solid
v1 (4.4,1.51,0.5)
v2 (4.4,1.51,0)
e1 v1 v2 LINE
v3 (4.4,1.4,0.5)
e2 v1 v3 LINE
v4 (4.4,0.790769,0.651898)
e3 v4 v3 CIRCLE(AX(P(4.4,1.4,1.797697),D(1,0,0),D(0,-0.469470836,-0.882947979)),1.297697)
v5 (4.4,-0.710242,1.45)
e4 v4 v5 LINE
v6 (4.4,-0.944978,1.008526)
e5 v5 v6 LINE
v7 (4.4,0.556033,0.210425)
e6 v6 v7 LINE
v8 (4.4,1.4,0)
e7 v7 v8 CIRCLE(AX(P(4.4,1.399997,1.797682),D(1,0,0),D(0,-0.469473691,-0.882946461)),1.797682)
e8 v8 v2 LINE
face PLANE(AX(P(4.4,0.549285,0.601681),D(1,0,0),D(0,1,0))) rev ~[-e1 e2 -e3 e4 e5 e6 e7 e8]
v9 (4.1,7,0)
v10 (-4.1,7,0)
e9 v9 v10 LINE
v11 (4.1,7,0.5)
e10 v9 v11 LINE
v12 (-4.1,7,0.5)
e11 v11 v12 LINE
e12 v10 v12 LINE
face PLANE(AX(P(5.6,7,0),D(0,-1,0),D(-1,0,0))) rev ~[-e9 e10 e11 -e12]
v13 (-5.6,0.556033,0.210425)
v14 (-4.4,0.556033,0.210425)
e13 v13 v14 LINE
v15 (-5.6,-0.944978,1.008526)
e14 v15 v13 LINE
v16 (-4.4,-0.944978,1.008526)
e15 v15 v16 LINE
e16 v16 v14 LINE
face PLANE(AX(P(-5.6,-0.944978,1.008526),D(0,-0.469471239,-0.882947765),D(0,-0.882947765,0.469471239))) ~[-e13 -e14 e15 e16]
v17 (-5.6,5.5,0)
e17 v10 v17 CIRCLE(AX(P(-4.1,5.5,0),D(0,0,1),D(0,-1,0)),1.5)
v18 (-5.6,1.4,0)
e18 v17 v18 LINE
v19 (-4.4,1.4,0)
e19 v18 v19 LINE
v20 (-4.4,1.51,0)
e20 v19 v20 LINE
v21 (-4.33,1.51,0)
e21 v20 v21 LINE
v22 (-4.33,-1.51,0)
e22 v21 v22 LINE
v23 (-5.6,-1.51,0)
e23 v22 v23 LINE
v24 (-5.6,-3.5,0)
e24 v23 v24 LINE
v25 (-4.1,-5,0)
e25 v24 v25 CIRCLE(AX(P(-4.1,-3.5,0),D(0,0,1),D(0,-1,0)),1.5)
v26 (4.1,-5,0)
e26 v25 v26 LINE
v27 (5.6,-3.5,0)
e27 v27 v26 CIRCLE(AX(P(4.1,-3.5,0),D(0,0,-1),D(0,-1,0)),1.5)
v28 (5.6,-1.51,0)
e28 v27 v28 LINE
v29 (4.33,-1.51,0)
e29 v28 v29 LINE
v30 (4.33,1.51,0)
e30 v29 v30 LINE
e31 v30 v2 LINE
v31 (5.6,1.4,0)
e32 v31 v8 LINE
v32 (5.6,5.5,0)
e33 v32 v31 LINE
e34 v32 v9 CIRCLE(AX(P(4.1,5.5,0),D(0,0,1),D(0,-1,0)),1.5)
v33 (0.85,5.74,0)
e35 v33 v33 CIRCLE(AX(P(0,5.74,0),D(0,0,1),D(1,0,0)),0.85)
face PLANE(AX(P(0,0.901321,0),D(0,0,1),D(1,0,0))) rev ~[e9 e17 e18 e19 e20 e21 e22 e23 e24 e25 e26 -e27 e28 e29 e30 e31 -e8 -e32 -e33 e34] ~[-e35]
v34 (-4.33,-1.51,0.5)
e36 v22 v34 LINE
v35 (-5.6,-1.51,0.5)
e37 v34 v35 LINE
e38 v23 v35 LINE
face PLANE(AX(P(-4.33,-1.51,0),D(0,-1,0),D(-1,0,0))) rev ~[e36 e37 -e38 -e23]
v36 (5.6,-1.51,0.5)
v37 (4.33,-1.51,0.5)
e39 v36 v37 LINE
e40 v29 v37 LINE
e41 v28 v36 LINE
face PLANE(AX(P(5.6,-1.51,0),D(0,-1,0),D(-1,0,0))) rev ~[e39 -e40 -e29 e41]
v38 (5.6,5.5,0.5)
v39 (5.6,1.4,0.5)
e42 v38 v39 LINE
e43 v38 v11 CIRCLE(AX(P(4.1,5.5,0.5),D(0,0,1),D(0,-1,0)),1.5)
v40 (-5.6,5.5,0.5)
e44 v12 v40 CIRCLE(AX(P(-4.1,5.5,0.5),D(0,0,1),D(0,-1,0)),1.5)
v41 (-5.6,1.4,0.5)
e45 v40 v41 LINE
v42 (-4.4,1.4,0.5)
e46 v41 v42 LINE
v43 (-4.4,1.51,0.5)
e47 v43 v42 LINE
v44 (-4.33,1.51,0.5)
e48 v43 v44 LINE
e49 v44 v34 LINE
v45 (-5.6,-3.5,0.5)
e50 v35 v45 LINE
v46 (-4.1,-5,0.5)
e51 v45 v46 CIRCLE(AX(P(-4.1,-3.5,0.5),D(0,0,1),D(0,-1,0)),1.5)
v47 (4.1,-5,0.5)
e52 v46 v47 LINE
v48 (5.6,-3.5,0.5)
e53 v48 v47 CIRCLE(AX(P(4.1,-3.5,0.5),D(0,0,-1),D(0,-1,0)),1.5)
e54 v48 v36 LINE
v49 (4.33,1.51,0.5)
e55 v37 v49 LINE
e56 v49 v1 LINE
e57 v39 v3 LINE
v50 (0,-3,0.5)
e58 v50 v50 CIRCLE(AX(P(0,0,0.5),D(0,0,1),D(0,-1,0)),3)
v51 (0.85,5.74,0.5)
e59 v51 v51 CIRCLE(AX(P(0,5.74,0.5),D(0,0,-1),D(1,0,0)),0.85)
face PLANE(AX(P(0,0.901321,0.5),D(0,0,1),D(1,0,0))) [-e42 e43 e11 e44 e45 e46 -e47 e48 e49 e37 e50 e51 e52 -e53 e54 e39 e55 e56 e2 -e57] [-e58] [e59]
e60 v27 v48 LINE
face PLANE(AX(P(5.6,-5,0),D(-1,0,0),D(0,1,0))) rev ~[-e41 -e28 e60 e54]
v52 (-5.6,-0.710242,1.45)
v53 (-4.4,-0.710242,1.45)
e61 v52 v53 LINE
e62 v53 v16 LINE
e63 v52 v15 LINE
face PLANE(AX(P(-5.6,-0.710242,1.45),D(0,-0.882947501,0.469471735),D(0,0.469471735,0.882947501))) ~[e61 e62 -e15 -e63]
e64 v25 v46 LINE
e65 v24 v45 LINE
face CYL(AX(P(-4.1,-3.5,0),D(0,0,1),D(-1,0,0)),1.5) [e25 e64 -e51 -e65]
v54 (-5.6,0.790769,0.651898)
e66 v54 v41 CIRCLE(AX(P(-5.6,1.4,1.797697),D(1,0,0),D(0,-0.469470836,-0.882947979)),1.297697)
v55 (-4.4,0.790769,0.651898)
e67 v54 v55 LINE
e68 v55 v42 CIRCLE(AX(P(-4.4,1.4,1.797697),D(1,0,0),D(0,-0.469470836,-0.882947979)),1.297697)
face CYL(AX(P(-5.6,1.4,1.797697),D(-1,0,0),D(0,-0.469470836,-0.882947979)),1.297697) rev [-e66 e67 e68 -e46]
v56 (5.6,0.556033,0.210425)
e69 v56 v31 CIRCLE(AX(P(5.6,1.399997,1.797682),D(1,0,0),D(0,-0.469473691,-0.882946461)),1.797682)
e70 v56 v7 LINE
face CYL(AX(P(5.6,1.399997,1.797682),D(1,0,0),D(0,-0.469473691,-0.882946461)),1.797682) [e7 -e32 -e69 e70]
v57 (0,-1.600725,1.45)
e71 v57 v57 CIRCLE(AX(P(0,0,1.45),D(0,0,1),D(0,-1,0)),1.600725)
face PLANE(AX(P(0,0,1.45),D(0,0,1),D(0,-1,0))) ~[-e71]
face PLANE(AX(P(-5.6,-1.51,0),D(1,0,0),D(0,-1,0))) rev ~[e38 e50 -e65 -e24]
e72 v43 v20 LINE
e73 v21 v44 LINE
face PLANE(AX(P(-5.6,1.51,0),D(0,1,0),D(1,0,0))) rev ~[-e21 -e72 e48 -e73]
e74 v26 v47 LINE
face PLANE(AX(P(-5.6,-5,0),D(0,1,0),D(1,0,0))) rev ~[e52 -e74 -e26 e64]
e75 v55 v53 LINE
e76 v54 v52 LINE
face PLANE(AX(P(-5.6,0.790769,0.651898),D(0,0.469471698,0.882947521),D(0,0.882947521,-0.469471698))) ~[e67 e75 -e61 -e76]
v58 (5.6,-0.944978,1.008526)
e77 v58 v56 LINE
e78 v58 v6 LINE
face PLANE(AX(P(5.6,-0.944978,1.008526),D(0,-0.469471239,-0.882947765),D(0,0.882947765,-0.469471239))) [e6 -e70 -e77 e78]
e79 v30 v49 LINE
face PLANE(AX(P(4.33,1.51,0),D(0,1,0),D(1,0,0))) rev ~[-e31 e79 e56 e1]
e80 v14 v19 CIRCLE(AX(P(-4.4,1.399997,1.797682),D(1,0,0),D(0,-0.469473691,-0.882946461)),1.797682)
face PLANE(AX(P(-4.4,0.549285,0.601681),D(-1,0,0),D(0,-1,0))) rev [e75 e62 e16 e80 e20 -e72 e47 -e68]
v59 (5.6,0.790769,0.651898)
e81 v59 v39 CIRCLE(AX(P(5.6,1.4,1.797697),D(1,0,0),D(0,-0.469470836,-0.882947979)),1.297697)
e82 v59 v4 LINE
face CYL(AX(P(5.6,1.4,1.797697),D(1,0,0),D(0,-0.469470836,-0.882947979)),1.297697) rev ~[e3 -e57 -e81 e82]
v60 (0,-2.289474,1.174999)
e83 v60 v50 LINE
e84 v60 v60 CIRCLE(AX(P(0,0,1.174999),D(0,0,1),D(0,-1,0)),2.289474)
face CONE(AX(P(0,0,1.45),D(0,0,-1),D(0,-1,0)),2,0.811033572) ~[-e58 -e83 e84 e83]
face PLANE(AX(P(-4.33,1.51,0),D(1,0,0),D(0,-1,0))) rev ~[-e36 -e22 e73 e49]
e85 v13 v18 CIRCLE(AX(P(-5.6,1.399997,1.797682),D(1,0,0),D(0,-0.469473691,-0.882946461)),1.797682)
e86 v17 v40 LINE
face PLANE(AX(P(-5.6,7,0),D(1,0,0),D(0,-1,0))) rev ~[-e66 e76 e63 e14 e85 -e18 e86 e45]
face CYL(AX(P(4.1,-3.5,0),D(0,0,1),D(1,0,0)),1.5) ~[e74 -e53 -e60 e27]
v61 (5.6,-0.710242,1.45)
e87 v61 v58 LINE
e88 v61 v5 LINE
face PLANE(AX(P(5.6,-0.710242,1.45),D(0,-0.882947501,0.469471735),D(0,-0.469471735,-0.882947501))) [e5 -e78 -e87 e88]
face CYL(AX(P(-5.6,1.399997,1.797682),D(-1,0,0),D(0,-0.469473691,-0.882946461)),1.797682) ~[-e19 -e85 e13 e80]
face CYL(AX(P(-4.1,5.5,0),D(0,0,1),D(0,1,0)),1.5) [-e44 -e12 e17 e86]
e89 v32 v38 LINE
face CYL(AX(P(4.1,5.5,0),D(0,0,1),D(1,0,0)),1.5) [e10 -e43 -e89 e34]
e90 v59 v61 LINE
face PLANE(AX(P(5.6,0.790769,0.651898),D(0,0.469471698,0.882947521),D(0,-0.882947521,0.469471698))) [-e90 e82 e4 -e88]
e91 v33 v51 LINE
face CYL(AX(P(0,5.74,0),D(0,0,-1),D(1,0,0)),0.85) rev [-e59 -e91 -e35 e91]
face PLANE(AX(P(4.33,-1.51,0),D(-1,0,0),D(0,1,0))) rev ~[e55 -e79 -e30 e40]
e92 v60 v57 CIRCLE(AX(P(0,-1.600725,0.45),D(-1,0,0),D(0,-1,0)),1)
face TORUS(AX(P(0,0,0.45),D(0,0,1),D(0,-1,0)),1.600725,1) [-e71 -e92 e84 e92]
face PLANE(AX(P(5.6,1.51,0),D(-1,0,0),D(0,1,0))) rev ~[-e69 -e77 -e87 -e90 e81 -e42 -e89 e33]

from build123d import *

# Parameters (mm, degrees)
PAD_DEPTH     = 0.5
SKETCH001_R   = 0.76
HOLE_DEPTH    = 0.501
FILLET_R      = 1.5
SKETCH002_R   = 0.85
HOLE001_DEPTH = 0.501
PAD001_DEPTH  = 1.2
FILLET001_R   = 1


with BuildPart() as part:
    # Sketch → Pad (new body)
    with BuildSketch(Plane.XY):
        Polygon((0, -5), (5.6, -5), (5.6, -1.51), (4.33, -1.51), (4.33, 1.51), (5.6, 1.51), (5.6, 7), (1.5, 7), (-1.5, 7), (-5.6, 7), (-5.6, 1.51), (-4.33, 1.51), (-4.33, -1.51), (-5.6, -1.51), (-5.6, -5), align=None)
    extrude(amount=PAD_DEPTH)

    # Sketch001 → Hole (cut, through all)
    with BuildSketch(Plane.XY):
        with Locations((0, 11.84)):
            Circle(SKETCH001_R)
    extrude(amount=HOLE_DEPTH, mode=Mode.SUBTRACT)

    # Fillet
    fillet_edges = [part.edges().sort_by_distance(p)[0] for p in [
        (-5.6, 7, 0.25),
        (-5.6, -5, 0.25),
        (5.6, 7, 0.25),
        (5.6, -5, 0.25),
    ]]
    fillet(fillet_edges, radius=FILLET_R)

    # Sketch002 → Hole001 (cut, through all)
    with BuildSketch(Plane.XY):
        with Locations((0, 5.74)):
            Circle(SKETCH002_R)
    extrude(amount=HOLE001_DEPTH, mode=Mode.SUBTRACT)

    # Sketch003 → Revolution (revolve)
    with BuildSketch(Plane.YZ):
        Polygon((-3, 0.5), (0, 0.5), (0, 1.45), (-2, 1.45), align=None)
    revolve(axis=Axis((0, 0, 0), (0, 0, 1)))

    # Sketch004 → Pad001 (join)
    with BuildSketch(Plane.YZ.offset(5.6)):
        with BuildLine():
            Line((2, 0), (2, 0.5))
            Line((2, 0.5), (1.4, 0.5))
            ThreePointArc((0.790769, 0.651898), (1.086059, 0.538547), (1.4, 0.5))
            Line((0.790769, 0.651898), (-0.710242, 1.45))
            Line((-0.710242, 1.45), (-0.944978, 1.008526))
            Line((-0.944978, 1.008526), (0.556033, 0.210425))
            ThreePointArc((0.556033, 0.210425), (0.965098, 0.053399), (1.4, 0))
            Line((1.4, 0), (2, 0))
        make_face()
    pad001 = extrude(amount=-PAD001_DEPTH)

    # Fillet001
    fillet001_edges = [part.edges().sort_by_distance(p)[0] for p in [
        (0, 2, 1.45),
    ]]
    fillet(fillet001_edges, radius=FILLET001_R)

    # Mirrored: Pad001 across YZ
    add(pad001.mirror(Plane.YZ))


solid = part.part
